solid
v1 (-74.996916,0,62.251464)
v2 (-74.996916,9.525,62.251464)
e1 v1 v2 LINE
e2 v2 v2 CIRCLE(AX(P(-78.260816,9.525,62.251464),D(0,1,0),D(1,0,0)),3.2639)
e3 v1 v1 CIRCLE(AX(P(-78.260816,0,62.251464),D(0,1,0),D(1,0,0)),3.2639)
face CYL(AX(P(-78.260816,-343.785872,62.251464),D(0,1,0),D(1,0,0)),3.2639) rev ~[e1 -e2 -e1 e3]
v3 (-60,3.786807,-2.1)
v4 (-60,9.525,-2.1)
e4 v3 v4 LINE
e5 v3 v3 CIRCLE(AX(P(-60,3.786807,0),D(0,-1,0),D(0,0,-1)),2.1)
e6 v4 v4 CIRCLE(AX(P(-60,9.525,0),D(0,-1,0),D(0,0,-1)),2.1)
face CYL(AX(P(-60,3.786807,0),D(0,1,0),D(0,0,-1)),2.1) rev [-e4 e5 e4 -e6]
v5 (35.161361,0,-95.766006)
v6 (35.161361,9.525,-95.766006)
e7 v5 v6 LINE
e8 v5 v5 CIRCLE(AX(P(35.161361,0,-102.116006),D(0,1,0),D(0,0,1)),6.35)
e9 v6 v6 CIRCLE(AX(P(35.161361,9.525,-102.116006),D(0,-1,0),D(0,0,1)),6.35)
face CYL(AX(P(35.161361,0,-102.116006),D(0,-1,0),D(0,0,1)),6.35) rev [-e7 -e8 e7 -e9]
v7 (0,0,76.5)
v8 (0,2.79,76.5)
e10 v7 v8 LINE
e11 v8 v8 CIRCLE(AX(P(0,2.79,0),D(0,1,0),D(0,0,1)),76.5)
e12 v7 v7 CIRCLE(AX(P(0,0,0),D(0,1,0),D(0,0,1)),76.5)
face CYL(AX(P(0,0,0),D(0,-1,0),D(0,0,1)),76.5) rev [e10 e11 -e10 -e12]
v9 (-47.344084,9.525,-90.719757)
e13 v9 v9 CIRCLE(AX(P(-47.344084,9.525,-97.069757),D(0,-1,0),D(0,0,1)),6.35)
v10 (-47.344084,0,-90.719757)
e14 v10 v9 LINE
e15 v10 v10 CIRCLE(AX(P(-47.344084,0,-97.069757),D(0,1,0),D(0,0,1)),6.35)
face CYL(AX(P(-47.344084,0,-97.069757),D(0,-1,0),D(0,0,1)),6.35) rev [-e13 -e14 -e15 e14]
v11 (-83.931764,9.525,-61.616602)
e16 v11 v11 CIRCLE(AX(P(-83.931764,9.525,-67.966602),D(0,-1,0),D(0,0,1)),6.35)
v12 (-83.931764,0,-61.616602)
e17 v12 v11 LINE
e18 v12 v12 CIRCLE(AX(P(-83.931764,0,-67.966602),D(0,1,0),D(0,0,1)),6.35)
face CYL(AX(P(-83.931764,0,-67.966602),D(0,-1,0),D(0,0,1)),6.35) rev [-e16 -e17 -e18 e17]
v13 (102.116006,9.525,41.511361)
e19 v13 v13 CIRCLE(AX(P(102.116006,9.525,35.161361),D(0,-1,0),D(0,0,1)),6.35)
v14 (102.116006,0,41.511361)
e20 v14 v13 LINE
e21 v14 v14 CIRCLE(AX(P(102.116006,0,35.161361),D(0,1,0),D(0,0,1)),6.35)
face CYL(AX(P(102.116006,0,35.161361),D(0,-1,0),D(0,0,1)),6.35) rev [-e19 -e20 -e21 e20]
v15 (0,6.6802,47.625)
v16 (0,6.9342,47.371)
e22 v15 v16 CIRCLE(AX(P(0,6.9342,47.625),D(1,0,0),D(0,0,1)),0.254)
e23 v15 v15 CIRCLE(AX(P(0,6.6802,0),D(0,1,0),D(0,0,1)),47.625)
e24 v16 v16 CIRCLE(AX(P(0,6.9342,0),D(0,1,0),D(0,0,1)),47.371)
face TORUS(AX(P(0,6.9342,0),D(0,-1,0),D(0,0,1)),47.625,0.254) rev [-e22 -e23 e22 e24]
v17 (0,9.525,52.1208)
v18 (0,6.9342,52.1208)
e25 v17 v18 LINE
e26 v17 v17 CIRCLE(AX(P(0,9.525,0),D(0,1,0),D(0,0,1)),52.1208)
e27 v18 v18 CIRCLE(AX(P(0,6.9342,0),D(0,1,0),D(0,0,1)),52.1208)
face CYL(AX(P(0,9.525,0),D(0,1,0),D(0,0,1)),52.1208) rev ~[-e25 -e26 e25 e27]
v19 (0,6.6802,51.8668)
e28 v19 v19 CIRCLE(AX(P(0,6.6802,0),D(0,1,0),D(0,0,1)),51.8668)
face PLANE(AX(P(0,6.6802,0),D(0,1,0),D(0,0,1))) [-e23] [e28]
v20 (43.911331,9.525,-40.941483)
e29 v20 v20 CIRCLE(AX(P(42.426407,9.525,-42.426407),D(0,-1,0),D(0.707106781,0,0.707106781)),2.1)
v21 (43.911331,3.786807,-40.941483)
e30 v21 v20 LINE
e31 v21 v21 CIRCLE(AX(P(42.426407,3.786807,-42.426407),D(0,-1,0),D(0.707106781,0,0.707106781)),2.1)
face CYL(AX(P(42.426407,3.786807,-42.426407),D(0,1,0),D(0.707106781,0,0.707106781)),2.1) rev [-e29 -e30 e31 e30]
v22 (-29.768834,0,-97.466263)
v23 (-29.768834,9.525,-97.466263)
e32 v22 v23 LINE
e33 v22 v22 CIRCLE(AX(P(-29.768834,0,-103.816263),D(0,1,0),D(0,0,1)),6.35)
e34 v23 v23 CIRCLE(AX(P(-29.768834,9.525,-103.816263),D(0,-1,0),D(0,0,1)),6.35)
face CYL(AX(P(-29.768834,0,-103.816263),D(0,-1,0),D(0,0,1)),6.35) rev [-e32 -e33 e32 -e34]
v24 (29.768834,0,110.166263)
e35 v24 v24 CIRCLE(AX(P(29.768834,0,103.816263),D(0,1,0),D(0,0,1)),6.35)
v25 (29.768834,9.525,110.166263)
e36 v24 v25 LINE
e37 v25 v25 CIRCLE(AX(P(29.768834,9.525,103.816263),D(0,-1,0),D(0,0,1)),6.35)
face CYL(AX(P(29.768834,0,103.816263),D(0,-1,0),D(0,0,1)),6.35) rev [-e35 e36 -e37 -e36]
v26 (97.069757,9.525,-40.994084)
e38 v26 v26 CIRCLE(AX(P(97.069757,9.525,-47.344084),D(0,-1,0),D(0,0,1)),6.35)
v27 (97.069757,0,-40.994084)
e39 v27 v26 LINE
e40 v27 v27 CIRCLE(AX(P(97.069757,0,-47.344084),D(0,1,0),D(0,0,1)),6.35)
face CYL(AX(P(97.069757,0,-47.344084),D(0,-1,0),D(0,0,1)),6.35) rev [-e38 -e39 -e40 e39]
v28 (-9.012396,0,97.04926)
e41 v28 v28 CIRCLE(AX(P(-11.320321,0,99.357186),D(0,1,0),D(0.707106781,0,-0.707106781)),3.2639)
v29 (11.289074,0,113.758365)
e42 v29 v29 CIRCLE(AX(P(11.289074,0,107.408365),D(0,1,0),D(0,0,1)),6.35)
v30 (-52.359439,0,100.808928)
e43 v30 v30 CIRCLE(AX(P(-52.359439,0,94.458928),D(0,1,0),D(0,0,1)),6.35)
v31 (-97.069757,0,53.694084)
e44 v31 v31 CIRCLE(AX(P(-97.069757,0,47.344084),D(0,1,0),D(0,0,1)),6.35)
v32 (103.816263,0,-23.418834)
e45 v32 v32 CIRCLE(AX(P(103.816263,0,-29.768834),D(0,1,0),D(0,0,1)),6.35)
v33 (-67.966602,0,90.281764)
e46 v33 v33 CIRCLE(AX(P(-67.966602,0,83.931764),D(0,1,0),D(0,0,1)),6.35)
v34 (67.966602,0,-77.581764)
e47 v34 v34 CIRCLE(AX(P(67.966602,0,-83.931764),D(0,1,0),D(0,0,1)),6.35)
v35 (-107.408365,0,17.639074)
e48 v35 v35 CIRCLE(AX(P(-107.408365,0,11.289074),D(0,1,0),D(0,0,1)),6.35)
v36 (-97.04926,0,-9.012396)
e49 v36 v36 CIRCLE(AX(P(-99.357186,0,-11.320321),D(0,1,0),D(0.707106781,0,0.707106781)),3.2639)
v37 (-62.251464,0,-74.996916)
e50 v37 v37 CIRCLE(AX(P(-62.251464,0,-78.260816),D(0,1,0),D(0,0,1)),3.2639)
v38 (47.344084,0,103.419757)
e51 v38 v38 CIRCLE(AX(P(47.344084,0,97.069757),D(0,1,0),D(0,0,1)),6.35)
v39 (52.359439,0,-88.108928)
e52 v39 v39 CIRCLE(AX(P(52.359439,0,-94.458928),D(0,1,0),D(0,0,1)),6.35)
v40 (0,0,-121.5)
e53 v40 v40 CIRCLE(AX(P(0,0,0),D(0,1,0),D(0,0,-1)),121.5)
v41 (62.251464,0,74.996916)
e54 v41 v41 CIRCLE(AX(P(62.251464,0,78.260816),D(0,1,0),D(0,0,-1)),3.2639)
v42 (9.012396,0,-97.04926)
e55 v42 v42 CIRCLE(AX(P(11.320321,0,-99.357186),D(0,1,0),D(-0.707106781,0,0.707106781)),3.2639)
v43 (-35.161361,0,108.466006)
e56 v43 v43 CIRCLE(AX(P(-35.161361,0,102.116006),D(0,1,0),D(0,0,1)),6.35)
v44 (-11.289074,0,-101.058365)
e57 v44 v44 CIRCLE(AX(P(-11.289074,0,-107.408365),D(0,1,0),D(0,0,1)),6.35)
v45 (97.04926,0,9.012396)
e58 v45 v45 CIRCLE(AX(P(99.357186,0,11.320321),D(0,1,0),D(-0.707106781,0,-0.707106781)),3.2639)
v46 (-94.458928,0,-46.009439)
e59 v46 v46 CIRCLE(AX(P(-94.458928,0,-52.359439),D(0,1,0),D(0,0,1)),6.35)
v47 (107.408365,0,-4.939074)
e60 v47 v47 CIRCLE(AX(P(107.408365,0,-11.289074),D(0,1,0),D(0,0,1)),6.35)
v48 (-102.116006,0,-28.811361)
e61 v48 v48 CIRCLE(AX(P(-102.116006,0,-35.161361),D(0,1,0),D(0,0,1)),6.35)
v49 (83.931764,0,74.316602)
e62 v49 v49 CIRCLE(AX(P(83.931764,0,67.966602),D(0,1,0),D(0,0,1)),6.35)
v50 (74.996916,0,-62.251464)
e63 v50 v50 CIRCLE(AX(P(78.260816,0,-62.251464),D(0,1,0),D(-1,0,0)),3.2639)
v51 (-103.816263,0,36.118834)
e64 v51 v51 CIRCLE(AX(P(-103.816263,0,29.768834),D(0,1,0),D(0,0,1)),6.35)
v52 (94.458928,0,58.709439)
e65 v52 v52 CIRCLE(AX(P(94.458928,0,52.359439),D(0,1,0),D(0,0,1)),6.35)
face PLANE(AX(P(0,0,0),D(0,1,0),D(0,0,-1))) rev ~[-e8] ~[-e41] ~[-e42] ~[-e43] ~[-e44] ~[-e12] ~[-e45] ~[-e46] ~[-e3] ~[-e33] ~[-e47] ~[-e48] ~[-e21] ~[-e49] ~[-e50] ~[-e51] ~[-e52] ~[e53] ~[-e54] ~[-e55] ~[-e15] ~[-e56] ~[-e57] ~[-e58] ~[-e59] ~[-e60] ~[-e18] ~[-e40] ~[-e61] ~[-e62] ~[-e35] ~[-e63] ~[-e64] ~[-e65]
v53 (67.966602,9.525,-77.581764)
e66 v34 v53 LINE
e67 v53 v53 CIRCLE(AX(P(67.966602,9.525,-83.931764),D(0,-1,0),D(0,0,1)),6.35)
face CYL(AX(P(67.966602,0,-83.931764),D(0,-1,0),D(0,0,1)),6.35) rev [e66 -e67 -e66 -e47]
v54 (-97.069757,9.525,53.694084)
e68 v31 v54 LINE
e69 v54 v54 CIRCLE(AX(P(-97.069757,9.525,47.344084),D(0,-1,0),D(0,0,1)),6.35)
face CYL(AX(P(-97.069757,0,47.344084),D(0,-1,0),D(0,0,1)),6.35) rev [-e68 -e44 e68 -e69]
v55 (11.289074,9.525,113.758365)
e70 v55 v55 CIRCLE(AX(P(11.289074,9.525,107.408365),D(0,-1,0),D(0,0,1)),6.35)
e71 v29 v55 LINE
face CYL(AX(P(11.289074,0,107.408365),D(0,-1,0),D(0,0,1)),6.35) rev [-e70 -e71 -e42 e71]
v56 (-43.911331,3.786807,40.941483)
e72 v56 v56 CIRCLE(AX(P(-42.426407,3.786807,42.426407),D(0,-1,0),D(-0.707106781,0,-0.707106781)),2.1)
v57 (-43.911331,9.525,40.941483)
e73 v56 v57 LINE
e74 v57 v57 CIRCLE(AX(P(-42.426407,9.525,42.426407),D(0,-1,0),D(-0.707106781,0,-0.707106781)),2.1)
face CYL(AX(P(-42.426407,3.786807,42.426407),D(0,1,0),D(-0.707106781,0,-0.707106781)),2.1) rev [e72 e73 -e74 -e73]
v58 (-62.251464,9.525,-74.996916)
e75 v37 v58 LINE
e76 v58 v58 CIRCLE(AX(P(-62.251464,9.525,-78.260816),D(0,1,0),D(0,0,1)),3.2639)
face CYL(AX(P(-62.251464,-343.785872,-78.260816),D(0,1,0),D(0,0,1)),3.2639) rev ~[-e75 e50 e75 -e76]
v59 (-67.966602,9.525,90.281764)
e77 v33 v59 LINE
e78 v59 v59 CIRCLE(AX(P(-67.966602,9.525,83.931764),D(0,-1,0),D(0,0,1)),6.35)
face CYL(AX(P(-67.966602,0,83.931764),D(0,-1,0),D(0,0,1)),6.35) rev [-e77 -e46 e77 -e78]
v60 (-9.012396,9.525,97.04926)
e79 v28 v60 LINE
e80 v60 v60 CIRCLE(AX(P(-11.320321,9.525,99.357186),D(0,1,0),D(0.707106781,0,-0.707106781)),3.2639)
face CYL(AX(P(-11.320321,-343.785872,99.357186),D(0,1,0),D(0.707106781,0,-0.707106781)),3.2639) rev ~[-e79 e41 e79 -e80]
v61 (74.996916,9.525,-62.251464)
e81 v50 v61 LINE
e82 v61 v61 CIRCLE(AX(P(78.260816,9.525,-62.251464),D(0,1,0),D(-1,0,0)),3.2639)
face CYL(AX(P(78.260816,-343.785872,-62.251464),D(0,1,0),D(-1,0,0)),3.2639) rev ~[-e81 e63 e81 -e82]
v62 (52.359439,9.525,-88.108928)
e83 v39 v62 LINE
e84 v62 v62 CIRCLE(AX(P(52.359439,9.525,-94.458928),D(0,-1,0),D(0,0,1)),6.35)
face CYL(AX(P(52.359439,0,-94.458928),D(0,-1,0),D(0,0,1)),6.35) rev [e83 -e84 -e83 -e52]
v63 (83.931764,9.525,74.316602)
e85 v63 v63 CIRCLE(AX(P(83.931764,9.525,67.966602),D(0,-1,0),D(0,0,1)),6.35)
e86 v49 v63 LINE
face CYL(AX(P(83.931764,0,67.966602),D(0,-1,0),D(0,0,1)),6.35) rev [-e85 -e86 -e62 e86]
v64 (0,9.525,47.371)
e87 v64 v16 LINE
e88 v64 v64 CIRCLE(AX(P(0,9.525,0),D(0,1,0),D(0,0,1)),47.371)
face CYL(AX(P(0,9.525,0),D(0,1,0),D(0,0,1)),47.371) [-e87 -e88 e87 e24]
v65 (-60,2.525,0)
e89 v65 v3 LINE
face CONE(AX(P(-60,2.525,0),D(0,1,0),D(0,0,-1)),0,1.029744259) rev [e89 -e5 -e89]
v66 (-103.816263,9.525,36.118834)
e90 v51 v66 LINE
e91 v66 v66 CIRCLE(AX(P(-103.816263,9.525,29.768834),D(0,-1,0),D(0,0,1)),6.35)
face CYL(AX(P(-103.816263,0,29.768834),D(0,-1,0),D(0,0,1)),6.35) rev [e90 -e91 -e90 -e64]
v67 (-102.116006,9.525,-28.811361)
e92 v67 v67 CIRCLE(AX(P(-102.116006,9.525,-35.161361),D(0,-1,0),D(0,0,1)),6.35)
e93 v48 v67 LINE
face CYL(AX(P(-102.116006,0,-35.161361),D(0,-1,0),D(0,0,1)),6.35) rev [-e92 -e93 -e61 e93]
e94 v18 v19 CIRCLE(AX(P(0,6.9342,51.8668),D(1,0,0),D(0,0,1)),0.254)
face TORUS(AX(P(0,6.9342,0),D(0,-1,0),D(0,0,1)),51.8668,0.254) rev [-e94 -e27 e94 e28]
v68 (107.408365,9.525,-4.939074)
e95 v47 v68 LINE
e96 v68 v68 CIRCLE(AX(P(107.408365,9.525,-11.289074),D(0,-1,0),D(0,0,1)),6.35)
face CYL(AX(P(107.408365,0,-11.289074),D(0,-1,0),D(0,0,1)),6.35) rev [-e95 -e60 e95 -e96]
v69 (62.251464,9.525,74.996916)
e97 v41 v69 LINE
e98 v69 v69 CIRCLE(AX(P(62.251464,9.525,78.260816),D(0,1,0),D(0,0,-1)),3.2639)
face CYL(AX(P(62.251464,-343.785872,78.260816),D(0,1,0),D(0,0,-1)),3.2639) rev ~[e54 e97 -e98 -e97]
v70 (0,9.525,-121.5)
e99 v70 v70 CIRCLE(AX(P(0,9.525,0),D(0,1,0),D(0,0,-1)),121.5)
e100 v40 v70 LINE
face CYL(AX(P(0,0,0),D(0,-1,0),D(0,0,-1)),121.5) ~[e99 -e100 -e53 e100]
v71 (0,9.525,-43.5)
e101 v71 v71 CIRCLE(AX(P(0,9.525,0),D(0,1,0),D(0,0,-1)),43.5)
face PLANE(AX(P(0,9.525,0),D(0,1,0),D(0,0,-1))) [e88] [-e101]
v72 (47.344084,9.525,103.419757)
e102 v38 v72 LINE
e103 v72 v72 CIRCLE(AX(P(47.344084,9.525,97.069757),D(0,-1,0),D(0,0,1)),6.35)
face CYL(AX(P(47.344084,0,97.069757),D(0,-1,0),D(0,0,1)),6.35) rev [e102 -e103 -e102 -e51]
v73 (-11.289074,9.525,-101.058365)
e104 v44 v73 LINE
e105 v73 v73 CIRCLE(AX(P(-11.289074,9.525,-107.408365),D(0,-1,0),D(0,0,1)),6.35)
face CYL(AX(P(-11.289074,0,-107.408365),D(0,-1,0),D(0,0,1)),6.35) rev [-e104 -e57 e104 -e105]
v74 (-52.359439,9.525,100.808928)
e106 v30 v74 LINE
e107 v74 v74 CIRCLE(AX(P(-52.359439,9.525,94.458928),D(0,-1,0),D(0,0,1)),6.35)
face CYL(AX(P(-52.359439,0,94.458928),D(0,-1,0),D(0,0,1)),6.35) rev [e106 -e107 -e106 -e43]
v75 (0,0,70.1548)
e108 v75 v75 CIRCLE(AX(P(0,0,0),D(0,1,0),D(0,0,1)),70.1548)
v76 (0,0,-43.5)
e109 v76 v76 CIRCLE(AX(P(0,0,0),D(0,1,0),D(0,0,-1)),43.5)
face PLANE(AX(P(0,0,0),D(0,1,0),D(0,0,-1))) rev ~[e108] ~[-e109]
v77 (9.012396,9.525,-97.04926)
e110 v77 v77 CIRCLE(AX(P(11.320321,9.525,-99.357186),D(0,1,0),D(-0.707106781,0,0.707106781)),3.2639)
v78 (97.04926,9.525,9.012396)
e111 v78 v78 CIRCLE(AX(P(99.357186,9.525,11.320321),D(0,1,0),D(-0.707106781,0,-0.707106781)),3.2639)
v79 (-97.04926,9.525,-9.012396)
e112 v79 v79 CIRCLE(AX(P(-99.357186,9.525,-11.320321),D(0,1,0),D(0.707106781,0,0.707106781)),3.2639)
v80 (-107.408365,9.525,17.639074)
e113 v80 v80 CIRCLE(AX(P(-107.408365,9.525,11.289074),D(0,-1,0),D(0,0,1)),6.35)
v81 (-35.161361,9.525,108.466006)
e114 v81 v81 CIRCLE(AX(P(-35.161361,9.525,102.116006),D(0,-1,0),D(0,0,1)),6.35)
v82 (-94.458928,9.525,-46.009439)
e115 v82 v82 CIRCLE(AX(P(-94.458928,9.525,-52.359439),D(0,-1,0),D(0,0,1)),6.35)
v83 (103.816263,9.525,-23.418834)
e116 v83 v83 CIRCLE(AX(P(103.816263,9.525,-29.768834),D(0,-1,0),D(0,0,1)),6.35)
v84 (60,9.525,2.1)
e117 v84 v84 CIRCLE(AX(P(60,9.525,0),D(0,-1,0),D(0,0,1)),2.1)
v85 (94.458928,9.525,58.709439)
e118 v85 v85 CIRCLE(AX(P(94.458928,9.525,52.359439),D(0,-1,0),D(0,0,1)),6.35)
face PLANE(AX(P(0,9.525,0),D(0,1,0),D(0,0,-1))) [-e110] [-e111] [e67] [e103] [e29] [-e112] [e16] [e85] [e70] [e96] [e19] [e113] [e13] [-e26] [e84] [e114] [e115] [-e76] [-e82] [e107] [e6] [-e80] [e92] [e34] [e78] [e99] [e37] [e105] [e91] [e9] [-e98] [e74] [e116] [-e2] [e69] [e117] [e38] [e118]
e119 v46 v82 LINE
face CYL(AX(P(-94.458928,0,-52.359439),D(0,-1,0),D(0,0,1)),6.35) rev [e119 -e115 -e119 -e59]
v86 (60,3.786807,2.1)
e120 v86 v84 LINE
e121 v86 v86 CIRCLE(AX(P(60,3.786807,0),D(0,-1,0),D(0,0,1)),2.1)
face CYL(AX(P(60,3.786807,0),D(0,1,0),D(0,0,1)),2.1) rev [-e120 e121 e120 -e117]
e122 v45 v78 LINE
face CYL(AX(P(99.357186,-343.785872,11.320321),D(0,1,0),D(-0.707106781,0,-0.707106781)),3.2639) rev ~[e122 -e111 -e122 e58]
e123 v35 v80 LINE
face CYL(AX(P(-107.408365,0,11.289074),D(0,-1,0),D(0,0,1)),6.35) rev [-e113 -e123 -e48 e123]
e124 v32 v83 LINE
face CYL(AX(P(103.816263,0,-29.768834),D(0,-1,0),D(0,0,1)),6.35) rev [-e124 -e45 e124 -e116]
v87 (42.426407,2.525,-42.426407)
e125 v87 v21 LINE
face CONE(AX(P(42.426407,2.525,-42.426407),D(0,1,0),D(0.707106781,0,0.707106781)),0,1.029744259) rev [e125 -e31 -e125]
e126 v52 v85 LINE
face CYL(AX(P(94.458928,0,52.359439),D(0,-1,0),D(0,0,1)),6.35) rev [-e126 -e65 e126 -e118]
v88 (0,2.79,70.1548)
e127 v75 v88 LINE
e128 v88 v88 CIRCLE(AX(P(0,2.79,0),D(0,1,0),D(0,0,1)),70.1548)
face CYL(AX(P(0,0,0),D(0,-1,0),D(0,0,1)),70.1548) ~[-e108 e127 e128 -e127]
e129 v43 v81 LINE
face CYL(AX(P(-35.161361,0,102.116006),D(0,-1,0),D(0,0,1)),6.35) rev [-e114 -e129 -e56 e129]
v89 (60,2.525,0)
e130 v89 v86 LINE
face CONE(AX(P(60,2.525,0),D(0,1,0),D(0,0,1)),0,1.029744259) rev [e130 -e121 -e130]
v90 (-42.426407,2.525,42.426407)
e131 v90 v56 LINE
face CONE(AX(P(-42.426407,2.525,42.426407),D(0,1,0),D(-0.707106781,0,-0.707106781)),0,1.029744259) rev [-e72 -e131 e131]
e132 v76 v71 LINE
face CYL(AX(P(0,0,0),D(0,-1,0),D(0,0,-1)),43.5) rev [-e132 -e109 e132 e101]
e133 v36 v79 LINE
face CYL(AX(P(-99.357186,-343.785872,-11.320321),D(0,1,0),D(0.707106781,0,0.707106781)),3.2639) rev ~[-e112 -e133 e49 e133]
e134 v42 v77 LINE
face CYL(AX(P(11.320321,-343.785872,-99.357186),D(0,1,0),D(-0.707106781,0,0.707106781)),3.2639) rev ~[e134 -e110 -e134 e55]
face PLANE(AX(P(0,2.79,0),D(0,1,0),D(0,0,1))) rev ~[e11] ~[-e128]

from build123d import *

# Parameters (mm, degrees)
SKETCH1_R                            = 121.5
SKETCH1_R_2                          = 43.5
BOSS_EXTRUDE1_DEPTH                  = 9.525
CUT_EXTRUDE1_START                   = 9.525
SKETCH1_4_R                          = 52.1208
SKETCH1_4_R_2                        = 47.371
CUT_EXTRUDE1_DEPTH                   = 2.8448
CIRPATTERN1_COUNT                    = 16
SKETCH5_R                            = 6.35
CUBE_5_16_CLEARANCE_THRU_HOLES_DEPTH = 173.090748226
F_5_16_18_TAPPED_HOLE1_D             = 6.5278
CIRPATTERN3_COUNT                    = 8
BOTTOM_ISO160_R                      = 76.5
BOTTOM_ISO160_R_2                    = 70.1548
CUT_EXTRUDE3_DEPTH                   = 2.79
FILLET1_R                            = 0.254


with BuildPart() as part:
    # Sketch1 → Boss-Extrude1 (new body)
    with BuildSketch(Plane(origin=(0, 0, 0), x_dir=(1, 0, 0), z_dir=(0, 1, 0))):
        with Locations(Location((0, 0, 0), (0, 0, 90))):
            Circle(SKETCH1_R)
        with Locations(Location((0, 0, 0), (0, 0, 90))):
            Circle(SKETCH1_R_2, mode=Mode.SUBTRACT)
    extrude(amount=BOSS_EXTRUDE1_DEPTH)

    # Sketch1<4> → Cut-Extrude1 (cut)
    with BuildSketch(Plane(origin=(0, 0, 0), x_dir=(1, 0, 0), z_dir=(0, 1, 0)).offset(CUT_EXTRUDE1_START)):
        with Locations(Location((0, 0, 0), (0, 0, 270))):
            Circle(SKETCH1_4_R)
        with Locations(Location((0, 0, 0), (0, 0, 270))):
            Circle(SKETCH1_4_R_2, mode=Mode.SUBTRACT)
    extrude(amount=-CUT_EXTRUDE1_DEPTH, mode=Mode.SUBTRACT)

    # Sketch4 → M5x0.8 Tapped Hole2 (revolve, cut)
    with BuildSketch(Plane(origin=(60, 9.525, 0), x_dir=(0, 0, 1), z_dir=(1, 0, 0))):
        Polygon((0, 0), (0, 7), (2.1, 5.7381927), (2.1, 0), align=None)
    m5x0_8_tapped_hole2 = revolve(axis=Axis((60, 15.875, 0), (0, -1, 0)), mode=Mode.SUBTRACT)

    # CirPattern1: M5x0.8 Tapped Hole2 ×16 about axis, 12 skipped
    cirpattern1_axis = Axis((0, 9.525, 0), (0, -1, 0))
    add([m5x0_8_tapped_hole2.rotate(cirpattern1_axis, i * 360 / CIRPATTERN1_COUNT) for i in range(1, CIRPATTERN1_COUNT) if i not in (1, 2, 3, 4, 5, 7, 9, 10, 11, 12, 13, 15)], mode=Mode.SUBTRACT)

    # Sketch5 → Cube_5/16_Clearance_Thru Holes (cut, through all)
    with BuildSketch(Plane(origin=(0, 0, 0), x_dir=(1, 0, 0), z_dir=(0, 1, 0))):
        with Locations(Location((103.816263161, 29.768834428, 0), (0, 0, 270))):
            Circle(SKETCH5_R)
        with Locations(Location((94.458928371, -52.359438987, 0), (0, 0, 270))):
            Circle(SKETCH5_R)
        with Locations(Location((29.768834428, -103.816263161, 0), (0, 0, 270))):
            Circle(SKETCH5_R)
        with Locations(Location((-52.359438987, -94.458928371, 0), (0, 0, 270))):
            Circle(SKETCH5_R)
        with Locations(Location((-103.816263161, -29.768834428, 0), (0, 0, 270))):
            Circle(SKETCH5_R)
        with Locations(Location((-94.458928371, 52.359438987, 0), (0, 0, 270))):
            Circle(SKETCH5_R)
        with Locations(Location((52.359438987, 94.458928371, 0), (0, 0, 270))):
            Circle(SKETCH5_R)
        with Locations(Location((-29.768834428, 103.816263161, 0), (0, 0, 270))):
            Circle(SKETCH5_R)
        with Locations(Location((11.289074033, -107.4083647, 0), (0, 0, 270))):
            Circle(SKETCH5_R)
        with Locations(Location((47.344083853, -97.069757, 0), (0, 0, 270))):
            Circle(SKETCH5_R)
        with Locations(Location((83.931763837, -67.966602233, 0), (0, 0, 270))):
            Circle(SKETCH5_R)
        with Locations(Location((102.116006165, -35.161360681, 0), (0, 0, 270))):
            Circle(SKETCH5_R)
        with Locations(Location((107.4083647, 11.289074033, 0), (0, 0, 270))):
            Circle(SKETCH5_R)
        with Locations(Location((97.069757, 47.344083853, 0), (0, 0, 270))):
            Circle(SKETCH5_R)
        with Locations(Location((-35.161360681, -102.116006165, 0), (0, 0, 270))):
            Circle(SKETCH5_R)
        with Locations(Location((-67.966602233, -83.931763837, 0), (0, 0, 270))):
            Circle(SKETCH5_R)
        with Locations(Location((-107.4083647, -11.289074033, 0), (0, 0, 270))):
            Circle(SKETCH5_R)
        with Locations(Location((-97.069757, -47.344083853, 0), (0, 0, 270))):
            Circle(SKETCH5_R)
        with Locations(Location((-102.116006165, 35.161360681, 0), (0, 0, 270))):
            Circle(SKETCH5_R)
        with Locations(Location((-83.931763837, 67.966602233, 0), (0, 0, 270))):
            Circle(SKETCH5_R)
        with Locations(Location((35.161360681, 102.116006165, 0), (0, 0, 270))):
            Circle(SKETCH5_R)
        with Locations(Location((67.966602233, 83.931763837, 0), (0, 0, 270))):
            Circle(SKETCH5_R)
        with Locations(Location((-11.289074033, 107.4083647, 0), (0, 0, 270))):
            Circle(SKETCH5_R)
        with Locations(Location((-47.344083853, 97.069757, 0), (0, 0, 270))):
            Circle(SKETCH5_R)
    extrude(amount=CUBE_5_16_CLEARANCE_THRU_HOLES_DEPTH, mode=Mode.SUBTRACT)

    # 5/16-18 Tapped Hole1 (through all)
    with Locations(Plane(origin=(-62.251463664, 0, -78.260815685), x_dir=(0, 0, -1), z_dir=(0, -1, 0))):
        with Locations((0, 0)):
            f_5_16_18_tapped_hole1 = Hole(F_5_16_18_TAPPED_HOLE1_D / 2)

    # CirPattern3: 5/16-18 Tapped Hole1 ×8 about axis
    cirpattern3_axis = Axis((0, 0, 0), (0, 1, 0))
    for i in range(1, CIRPATTERN3_COUNT):
        add(f_5_16_18_tapped_hole1.rotate(cirpattern3_axis, i * 360 / CIRPATTERN3_COUNT), mode=Mode.SUBTRACT)

    # Bottom_Iso160 → Cut-Extrude3 (cut)
    with BuildSketch(Plane(origin=(0, 0, 0), x_dir=(1, 0, 0), z_dir=(0, 1, 0))):
        with Locations(Location((0, 0, 0), (0, 0, 270))):
            Circle(BOTTOM_ISO160_R)
        with Locations(Location((0, 0, 0), (0, 0, 270))):
            Circle(BOTTOM_ISO160_R_2, mode=Mode.SUBTRACT)
    extrude(amount=CUT_EXTRUDE3_DEPTH, mode=Mode.SUBTRACT)

    # Fillet1
    fillet1_edges = [part.edges().sort_by_distance(p)[0] for p in [
        (0, 6.6802, -52.1208),
        (0, 6.6802, -47.371),
    ]]
    fillet(fillet1_edges, radius=FILLET1_R)


solid = part.part
